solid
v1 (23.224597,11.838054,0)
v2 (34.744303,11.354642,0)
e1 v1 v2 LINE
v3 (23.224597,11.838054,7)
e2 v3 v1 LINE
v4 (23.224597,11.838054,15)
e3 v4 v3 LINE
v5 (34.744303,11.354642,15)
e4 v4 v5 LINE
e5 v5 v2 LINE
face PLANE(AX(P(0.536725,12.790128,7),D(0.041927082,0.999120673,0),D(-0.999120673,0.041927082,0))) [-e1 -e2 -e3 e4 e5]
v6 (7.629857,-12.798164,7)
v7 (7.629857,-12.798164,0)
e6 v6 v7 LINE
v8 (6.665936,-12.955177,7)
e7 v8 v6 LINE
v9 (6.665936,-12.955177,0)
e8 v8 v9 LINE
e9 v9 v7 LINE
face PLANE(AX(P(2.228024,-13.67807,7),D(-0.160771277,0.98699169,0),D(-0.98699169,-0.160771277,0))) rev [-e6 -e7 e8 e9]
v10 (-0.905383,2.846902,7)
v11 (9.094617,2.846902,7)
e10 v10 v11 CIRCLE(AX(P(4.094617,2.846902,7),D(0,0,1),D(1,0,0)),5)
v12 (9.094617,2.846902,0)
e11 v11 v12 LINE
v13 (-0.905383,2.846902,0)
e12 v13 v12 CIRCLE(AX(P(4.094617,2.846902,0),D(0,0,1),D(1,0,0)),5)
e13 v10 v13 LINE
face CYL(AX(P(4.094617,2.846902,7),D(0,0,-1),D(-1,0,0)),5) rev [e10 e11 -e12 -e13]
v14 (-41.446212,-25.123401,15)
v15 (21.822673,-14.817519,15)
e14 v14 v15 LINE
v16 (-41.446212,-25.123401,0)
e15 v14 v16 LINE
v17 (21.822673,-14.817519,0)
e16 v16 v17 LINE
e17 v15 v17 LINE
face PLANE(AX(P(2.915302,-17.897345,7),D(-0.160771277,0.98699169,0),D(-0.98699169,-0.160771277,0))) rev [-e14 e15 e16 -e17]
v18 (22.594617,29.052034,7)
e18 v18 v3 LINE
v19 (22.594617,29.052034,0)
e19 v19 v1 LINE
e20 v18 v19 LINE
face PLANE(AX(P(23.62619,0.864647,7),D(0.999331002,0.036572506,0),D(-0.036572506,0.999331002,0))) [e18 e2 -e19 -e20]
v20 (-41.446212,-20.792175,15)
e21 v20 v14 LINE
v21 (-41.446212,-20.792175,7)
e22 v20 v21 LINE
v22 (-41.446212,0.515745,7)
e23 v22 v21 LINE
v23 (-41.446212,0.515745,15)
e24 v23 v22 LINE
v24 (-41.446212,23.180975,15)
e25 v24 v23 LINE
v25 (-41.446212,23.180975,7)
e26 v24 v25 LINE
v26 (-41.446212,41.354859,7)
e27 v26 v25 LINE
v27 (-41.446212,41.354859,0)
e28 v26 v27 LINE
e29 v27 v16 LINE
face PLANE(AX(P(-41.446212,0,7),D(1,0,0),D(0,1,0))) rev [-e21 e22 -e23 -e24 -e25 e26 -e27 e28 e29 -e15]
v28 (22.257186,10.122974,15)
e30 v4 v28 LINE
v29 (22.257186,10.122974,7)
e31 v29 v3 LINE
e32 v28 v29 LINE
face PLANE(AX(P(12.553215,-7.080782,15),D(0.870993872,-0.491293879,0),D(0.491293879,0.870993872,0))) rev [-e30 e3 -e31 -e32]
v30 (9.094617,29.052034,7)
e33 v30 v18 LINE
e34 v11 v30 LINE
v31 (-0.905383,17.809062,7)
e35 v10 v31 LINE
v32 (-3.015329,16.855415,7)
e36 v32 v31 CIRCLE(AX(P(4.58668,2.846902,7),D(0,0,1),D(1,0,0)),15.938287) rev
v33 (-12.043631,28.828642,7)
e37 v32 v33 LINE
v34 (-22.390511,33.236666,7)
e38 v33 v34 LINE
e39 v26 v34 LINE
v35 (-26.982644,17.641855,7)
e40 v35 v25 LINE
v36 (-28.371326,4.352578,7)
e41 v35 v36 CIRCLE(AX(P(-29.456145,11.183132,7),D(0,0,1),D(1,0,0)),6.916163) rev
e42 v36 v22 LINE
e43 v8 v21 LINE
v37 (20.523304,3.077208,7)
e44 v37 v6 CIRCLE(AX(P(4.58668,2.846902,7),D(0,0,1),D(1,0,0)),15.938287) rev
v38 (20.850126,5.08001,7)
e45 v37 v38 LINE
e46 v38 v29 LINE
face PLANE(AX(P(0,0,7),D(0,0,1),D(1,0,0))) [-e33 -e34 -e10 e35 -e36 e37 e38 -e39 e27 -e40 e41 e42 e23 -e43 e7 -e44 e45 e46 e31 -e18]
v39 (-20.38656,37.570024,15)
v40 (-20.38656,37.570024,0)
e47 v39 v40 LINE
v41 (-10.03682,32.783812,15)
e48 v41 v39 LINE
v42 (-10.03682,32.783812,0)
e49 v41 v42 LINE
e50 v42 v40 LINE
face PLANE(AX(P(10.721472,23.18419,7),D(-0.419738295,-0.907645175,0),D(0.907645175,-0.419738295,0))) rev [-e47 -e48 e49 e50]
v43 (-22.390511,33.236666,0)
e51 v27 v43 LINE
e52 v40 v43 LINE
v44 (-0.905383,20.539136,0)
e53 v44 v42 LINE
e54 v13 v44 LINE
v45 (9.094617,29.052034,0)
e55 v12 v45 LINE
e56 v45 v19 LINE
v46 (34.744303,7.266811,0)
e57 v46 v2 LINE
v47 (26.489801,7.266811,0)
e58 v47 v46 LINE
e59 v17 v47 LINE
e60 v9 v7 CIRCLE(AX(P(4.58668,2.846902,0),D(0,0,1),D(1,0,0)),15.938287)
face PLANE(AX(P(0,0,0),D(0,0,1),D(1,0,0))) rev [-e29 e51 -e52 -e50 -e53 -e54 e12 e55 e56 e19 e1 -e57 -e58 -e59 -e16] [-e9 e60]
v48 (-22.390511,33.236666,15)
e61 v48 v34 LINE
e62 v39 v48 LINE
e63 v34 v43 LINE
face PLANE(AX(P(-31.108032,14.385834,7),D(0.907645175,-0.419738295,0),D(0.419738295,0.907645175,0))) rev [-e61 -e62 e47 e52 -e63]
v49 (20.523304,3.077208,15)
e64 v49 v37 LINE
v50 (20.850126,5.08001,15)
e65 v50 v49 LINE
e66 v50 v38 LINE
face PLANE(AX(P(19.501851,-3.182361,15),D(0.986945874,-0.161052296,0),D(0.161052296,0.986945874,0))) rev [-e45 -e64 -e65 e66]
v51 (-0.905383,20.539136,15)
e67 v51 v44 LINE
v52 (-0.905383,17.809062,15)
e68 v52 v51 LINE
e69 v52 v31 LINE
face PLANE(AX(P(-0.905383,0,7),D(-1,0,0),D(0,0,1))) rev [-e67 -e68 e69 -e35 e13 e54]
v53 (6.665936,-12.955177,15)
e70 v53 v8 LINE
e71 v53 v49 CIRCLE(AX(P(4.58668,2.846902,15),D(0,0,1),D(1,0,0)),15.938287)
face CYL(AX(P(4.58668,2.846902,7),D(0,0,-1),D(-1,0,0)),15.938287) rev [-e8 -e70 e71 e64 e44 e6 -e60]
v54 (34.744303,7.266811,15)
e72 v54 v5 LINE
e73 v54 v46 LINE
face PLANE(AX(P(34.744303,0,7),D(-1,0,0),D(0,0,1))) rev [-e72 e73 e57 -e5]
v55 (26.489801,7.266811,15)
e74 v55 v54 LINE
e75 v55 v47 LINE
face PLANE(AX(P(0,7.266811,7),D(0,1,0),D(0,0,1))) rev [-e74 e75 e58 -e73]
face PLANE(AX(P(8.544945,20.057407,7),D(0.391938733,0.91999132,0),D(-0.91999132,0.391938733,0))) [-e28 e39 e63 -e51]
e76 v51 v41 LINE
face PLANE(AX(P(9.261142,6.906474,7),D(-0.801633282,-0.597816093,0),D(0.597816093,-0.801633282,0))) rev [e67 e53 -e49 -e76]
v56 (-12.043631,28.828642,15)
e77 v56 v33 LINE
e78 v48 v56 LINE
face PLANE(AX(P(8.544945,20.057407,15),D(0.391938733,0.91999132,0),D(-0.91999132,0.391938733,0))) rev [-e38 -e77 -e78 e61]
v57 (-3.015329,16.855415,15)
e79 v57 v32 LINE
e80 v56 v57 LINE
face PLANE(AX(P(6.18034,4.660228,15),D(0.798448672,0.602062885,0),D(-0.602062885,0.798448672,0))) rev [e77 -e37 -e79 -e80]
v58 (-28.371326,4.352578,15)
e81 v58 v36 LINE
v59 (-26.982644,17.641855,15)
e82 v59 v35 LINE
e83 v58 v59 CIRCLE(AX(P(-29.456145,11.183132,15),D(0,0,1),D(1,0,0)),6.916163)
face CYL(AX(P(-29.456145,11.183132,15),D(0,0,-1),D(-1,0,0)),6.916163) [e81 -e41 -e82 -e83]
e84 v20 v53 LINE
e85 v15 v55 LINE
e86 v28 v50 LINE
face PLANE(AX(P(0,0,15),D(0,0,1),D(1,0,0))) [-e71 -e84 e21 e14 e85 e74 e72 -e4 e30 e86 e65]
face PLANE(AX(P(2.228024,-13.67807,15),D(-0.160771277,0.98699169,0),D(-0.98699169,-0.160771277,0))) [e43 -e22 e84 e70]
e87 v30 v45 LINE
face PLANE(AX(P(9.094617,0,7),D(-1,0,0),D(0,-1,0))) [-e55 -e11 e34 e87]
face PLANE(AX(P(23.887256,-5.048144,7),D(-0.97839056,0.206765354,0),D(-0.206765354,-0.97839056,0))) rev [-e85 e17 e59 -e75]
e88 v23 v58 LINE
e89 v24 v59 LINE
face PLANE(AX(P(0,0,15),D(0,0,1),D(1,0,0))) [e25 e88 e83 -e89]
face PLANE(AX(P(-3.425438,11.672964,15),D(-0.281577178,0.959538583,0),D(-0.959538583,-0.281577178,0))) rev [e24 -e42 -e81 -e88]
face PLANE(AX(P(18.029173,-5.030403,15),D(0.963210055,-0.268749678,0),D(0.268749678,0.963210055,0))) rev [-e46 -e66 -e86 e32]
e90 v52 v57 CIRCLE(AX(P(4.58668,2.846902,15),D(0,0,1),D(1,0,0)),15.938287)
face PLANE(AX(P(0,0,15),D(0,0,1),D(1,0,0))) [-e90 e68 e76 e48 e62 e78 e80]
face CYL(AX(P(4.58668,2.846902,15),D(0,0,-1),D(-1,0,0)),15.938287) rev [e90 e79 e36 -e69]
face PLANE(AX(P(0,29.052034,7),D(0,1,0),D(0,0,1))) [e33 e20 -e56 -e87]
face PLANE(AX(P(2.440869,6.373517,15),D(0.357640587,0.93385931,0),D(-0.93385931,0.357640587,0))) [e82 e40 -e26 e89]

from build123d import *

# Parameters (mm, degrees)
BOSS_EXTRUDE2_DEPTH = 7
BOSS_EXTRUDE3_DEPTH = 15


with BuildPart() as part:
    # Sketch1 → Boss-Extrude2 (new body)
    with BuildSketch(Plane.XY):
        with BuildLine():
            Line((-41.446212302, -25.123400981), (21.822672825, -14.817519442))
            Line((21.822672825, -14.817519442), (26.489801196, 7.266810726))
            Line((26.489801196, 7.266810726), (34.744303123, 7.266810726))
            Line((34.744303123, 7.266810726), (34.744303123, 11.354641566))
            Line((34.744303123, 11.354641566), (23.2245968, 11.838054321))
            Line((23.2245968, 11.838054321), (22.594616957, 29.052034329))
            Line((22.594616957, 29.052034329), (9.094616957, 29.052034329))
            Line((9.094616957, 29.052034329), (9.094616957, 2.846901584))
            ThreePointArc((9.094616957, 2.846901584), (4.094616957, -2.153098416), (-0.905383043, 2.846901584))
            Line((-0.905383043, 2.846901584), (-0.905383043, 20.539136331))
            Line((-0.905383043, 20.539136331), (-10.036820206, 32.783811613))
            Line((-10.036820206, 32.783811613), (-20.38656022, 37.570023616))
            Line((-20.38656022, 37.570023616), (-22.390510994, 33.236665732))
            Line((-22.390510994, 33.236665732), (-41.446212302, 41.354859092))
            Line((-41.446212302, 41.354859092), (-41.446212302, -25.123400981))
        make_face()
        with BuildLine():
            ThreePointArc((7.629856976, -12.798163857), (7.149099204, -12.884055354), (6.665935601, -12.955177206))
            Line((6.665935601, -12.955177206), (7.629856976, -12.798163857))
        make_face(mode=Mode.SUBTRACT)
    extrude(amount=BOSS_EXTRUDE2_DEPTH)

    # Sketch1<7> → Boss-Extrude3 (add)
    with BuildSketch(Plane.XY):
        with BuildLine():
            Line((-41.446212302, -20.792174742), (-41.446212302, -25.123400981))
            Line((-41.446212302, -25.123400981), (21.822672825, -14.817519442))
            Line((21.822672825, -14.817519442), (26.489801196, 7.266810726))
            Line((26.489801196, 7.266810726), (34.744303123, 7.266810726))
            Line((34.744303123, 7.266810726), (34.744303123, 11.354641566))
            Line((34.744303123, 11.354641566), (23.2245968, 11.838054321))
            Line((23.2245968, 11.838054321), (22.257186267, 10.122973627))
            Line((22.257186267, 10.122973627), (20.850125794, 5.080010211))
            Line((20.850125794, 5.080010211), (20.523303512, 3.077207951))
            ThreePointArc((20.523303512, 3.077207951), (16.644968484, -7.575511067), (6.665935601, -12.955177206))
            Line((6.665935601, -12.955177206), (-41.446212302, -20.792174742))
        make_face()
        with BuildLine():
            Line((-41.446212302, 0.515744675), (-28.371326411, 4.352577852))
            ThreePointArc((-28.371326411, 4.352577852), (-22.577436194, 10.464331884), (-26.982644321, 17.641855311))
            Line((-26.982644321, 17.641855311), (-41.446212302, 23.180975488))
            Line((-41.446212302, 23.180975488), (-41.446212302, 0.515744675))
        make_face()
        with BuildLine():
            Line((-12.043630753, 28.828642478), (-3.015328717, 16.855415173))
            ThreePointArc((-3.015328717, 16.855415173), (-1.977696529, 17.370604665), (-0.905383043, 17.809061684))
            Line((-0.905383043, 17.809061684), (-0.905383043, 20.539136331))
            Line((-0.905383043, 20.539136331), (-10.036820206, 32.783811613))
            Line((-10.036820206, 32.783811613), (-20.38656022, 37.570023616))
            Line((-20.38656022, 37.570023616), (-22.390510994, 33.236665732))
            Line((-22.390510994, 33.236665732), (-12.043630753, 28.828642478))
        make_face()
    extrude(amount=BOSS_EXTRUDE3_DEPTH)


solid = part.part
